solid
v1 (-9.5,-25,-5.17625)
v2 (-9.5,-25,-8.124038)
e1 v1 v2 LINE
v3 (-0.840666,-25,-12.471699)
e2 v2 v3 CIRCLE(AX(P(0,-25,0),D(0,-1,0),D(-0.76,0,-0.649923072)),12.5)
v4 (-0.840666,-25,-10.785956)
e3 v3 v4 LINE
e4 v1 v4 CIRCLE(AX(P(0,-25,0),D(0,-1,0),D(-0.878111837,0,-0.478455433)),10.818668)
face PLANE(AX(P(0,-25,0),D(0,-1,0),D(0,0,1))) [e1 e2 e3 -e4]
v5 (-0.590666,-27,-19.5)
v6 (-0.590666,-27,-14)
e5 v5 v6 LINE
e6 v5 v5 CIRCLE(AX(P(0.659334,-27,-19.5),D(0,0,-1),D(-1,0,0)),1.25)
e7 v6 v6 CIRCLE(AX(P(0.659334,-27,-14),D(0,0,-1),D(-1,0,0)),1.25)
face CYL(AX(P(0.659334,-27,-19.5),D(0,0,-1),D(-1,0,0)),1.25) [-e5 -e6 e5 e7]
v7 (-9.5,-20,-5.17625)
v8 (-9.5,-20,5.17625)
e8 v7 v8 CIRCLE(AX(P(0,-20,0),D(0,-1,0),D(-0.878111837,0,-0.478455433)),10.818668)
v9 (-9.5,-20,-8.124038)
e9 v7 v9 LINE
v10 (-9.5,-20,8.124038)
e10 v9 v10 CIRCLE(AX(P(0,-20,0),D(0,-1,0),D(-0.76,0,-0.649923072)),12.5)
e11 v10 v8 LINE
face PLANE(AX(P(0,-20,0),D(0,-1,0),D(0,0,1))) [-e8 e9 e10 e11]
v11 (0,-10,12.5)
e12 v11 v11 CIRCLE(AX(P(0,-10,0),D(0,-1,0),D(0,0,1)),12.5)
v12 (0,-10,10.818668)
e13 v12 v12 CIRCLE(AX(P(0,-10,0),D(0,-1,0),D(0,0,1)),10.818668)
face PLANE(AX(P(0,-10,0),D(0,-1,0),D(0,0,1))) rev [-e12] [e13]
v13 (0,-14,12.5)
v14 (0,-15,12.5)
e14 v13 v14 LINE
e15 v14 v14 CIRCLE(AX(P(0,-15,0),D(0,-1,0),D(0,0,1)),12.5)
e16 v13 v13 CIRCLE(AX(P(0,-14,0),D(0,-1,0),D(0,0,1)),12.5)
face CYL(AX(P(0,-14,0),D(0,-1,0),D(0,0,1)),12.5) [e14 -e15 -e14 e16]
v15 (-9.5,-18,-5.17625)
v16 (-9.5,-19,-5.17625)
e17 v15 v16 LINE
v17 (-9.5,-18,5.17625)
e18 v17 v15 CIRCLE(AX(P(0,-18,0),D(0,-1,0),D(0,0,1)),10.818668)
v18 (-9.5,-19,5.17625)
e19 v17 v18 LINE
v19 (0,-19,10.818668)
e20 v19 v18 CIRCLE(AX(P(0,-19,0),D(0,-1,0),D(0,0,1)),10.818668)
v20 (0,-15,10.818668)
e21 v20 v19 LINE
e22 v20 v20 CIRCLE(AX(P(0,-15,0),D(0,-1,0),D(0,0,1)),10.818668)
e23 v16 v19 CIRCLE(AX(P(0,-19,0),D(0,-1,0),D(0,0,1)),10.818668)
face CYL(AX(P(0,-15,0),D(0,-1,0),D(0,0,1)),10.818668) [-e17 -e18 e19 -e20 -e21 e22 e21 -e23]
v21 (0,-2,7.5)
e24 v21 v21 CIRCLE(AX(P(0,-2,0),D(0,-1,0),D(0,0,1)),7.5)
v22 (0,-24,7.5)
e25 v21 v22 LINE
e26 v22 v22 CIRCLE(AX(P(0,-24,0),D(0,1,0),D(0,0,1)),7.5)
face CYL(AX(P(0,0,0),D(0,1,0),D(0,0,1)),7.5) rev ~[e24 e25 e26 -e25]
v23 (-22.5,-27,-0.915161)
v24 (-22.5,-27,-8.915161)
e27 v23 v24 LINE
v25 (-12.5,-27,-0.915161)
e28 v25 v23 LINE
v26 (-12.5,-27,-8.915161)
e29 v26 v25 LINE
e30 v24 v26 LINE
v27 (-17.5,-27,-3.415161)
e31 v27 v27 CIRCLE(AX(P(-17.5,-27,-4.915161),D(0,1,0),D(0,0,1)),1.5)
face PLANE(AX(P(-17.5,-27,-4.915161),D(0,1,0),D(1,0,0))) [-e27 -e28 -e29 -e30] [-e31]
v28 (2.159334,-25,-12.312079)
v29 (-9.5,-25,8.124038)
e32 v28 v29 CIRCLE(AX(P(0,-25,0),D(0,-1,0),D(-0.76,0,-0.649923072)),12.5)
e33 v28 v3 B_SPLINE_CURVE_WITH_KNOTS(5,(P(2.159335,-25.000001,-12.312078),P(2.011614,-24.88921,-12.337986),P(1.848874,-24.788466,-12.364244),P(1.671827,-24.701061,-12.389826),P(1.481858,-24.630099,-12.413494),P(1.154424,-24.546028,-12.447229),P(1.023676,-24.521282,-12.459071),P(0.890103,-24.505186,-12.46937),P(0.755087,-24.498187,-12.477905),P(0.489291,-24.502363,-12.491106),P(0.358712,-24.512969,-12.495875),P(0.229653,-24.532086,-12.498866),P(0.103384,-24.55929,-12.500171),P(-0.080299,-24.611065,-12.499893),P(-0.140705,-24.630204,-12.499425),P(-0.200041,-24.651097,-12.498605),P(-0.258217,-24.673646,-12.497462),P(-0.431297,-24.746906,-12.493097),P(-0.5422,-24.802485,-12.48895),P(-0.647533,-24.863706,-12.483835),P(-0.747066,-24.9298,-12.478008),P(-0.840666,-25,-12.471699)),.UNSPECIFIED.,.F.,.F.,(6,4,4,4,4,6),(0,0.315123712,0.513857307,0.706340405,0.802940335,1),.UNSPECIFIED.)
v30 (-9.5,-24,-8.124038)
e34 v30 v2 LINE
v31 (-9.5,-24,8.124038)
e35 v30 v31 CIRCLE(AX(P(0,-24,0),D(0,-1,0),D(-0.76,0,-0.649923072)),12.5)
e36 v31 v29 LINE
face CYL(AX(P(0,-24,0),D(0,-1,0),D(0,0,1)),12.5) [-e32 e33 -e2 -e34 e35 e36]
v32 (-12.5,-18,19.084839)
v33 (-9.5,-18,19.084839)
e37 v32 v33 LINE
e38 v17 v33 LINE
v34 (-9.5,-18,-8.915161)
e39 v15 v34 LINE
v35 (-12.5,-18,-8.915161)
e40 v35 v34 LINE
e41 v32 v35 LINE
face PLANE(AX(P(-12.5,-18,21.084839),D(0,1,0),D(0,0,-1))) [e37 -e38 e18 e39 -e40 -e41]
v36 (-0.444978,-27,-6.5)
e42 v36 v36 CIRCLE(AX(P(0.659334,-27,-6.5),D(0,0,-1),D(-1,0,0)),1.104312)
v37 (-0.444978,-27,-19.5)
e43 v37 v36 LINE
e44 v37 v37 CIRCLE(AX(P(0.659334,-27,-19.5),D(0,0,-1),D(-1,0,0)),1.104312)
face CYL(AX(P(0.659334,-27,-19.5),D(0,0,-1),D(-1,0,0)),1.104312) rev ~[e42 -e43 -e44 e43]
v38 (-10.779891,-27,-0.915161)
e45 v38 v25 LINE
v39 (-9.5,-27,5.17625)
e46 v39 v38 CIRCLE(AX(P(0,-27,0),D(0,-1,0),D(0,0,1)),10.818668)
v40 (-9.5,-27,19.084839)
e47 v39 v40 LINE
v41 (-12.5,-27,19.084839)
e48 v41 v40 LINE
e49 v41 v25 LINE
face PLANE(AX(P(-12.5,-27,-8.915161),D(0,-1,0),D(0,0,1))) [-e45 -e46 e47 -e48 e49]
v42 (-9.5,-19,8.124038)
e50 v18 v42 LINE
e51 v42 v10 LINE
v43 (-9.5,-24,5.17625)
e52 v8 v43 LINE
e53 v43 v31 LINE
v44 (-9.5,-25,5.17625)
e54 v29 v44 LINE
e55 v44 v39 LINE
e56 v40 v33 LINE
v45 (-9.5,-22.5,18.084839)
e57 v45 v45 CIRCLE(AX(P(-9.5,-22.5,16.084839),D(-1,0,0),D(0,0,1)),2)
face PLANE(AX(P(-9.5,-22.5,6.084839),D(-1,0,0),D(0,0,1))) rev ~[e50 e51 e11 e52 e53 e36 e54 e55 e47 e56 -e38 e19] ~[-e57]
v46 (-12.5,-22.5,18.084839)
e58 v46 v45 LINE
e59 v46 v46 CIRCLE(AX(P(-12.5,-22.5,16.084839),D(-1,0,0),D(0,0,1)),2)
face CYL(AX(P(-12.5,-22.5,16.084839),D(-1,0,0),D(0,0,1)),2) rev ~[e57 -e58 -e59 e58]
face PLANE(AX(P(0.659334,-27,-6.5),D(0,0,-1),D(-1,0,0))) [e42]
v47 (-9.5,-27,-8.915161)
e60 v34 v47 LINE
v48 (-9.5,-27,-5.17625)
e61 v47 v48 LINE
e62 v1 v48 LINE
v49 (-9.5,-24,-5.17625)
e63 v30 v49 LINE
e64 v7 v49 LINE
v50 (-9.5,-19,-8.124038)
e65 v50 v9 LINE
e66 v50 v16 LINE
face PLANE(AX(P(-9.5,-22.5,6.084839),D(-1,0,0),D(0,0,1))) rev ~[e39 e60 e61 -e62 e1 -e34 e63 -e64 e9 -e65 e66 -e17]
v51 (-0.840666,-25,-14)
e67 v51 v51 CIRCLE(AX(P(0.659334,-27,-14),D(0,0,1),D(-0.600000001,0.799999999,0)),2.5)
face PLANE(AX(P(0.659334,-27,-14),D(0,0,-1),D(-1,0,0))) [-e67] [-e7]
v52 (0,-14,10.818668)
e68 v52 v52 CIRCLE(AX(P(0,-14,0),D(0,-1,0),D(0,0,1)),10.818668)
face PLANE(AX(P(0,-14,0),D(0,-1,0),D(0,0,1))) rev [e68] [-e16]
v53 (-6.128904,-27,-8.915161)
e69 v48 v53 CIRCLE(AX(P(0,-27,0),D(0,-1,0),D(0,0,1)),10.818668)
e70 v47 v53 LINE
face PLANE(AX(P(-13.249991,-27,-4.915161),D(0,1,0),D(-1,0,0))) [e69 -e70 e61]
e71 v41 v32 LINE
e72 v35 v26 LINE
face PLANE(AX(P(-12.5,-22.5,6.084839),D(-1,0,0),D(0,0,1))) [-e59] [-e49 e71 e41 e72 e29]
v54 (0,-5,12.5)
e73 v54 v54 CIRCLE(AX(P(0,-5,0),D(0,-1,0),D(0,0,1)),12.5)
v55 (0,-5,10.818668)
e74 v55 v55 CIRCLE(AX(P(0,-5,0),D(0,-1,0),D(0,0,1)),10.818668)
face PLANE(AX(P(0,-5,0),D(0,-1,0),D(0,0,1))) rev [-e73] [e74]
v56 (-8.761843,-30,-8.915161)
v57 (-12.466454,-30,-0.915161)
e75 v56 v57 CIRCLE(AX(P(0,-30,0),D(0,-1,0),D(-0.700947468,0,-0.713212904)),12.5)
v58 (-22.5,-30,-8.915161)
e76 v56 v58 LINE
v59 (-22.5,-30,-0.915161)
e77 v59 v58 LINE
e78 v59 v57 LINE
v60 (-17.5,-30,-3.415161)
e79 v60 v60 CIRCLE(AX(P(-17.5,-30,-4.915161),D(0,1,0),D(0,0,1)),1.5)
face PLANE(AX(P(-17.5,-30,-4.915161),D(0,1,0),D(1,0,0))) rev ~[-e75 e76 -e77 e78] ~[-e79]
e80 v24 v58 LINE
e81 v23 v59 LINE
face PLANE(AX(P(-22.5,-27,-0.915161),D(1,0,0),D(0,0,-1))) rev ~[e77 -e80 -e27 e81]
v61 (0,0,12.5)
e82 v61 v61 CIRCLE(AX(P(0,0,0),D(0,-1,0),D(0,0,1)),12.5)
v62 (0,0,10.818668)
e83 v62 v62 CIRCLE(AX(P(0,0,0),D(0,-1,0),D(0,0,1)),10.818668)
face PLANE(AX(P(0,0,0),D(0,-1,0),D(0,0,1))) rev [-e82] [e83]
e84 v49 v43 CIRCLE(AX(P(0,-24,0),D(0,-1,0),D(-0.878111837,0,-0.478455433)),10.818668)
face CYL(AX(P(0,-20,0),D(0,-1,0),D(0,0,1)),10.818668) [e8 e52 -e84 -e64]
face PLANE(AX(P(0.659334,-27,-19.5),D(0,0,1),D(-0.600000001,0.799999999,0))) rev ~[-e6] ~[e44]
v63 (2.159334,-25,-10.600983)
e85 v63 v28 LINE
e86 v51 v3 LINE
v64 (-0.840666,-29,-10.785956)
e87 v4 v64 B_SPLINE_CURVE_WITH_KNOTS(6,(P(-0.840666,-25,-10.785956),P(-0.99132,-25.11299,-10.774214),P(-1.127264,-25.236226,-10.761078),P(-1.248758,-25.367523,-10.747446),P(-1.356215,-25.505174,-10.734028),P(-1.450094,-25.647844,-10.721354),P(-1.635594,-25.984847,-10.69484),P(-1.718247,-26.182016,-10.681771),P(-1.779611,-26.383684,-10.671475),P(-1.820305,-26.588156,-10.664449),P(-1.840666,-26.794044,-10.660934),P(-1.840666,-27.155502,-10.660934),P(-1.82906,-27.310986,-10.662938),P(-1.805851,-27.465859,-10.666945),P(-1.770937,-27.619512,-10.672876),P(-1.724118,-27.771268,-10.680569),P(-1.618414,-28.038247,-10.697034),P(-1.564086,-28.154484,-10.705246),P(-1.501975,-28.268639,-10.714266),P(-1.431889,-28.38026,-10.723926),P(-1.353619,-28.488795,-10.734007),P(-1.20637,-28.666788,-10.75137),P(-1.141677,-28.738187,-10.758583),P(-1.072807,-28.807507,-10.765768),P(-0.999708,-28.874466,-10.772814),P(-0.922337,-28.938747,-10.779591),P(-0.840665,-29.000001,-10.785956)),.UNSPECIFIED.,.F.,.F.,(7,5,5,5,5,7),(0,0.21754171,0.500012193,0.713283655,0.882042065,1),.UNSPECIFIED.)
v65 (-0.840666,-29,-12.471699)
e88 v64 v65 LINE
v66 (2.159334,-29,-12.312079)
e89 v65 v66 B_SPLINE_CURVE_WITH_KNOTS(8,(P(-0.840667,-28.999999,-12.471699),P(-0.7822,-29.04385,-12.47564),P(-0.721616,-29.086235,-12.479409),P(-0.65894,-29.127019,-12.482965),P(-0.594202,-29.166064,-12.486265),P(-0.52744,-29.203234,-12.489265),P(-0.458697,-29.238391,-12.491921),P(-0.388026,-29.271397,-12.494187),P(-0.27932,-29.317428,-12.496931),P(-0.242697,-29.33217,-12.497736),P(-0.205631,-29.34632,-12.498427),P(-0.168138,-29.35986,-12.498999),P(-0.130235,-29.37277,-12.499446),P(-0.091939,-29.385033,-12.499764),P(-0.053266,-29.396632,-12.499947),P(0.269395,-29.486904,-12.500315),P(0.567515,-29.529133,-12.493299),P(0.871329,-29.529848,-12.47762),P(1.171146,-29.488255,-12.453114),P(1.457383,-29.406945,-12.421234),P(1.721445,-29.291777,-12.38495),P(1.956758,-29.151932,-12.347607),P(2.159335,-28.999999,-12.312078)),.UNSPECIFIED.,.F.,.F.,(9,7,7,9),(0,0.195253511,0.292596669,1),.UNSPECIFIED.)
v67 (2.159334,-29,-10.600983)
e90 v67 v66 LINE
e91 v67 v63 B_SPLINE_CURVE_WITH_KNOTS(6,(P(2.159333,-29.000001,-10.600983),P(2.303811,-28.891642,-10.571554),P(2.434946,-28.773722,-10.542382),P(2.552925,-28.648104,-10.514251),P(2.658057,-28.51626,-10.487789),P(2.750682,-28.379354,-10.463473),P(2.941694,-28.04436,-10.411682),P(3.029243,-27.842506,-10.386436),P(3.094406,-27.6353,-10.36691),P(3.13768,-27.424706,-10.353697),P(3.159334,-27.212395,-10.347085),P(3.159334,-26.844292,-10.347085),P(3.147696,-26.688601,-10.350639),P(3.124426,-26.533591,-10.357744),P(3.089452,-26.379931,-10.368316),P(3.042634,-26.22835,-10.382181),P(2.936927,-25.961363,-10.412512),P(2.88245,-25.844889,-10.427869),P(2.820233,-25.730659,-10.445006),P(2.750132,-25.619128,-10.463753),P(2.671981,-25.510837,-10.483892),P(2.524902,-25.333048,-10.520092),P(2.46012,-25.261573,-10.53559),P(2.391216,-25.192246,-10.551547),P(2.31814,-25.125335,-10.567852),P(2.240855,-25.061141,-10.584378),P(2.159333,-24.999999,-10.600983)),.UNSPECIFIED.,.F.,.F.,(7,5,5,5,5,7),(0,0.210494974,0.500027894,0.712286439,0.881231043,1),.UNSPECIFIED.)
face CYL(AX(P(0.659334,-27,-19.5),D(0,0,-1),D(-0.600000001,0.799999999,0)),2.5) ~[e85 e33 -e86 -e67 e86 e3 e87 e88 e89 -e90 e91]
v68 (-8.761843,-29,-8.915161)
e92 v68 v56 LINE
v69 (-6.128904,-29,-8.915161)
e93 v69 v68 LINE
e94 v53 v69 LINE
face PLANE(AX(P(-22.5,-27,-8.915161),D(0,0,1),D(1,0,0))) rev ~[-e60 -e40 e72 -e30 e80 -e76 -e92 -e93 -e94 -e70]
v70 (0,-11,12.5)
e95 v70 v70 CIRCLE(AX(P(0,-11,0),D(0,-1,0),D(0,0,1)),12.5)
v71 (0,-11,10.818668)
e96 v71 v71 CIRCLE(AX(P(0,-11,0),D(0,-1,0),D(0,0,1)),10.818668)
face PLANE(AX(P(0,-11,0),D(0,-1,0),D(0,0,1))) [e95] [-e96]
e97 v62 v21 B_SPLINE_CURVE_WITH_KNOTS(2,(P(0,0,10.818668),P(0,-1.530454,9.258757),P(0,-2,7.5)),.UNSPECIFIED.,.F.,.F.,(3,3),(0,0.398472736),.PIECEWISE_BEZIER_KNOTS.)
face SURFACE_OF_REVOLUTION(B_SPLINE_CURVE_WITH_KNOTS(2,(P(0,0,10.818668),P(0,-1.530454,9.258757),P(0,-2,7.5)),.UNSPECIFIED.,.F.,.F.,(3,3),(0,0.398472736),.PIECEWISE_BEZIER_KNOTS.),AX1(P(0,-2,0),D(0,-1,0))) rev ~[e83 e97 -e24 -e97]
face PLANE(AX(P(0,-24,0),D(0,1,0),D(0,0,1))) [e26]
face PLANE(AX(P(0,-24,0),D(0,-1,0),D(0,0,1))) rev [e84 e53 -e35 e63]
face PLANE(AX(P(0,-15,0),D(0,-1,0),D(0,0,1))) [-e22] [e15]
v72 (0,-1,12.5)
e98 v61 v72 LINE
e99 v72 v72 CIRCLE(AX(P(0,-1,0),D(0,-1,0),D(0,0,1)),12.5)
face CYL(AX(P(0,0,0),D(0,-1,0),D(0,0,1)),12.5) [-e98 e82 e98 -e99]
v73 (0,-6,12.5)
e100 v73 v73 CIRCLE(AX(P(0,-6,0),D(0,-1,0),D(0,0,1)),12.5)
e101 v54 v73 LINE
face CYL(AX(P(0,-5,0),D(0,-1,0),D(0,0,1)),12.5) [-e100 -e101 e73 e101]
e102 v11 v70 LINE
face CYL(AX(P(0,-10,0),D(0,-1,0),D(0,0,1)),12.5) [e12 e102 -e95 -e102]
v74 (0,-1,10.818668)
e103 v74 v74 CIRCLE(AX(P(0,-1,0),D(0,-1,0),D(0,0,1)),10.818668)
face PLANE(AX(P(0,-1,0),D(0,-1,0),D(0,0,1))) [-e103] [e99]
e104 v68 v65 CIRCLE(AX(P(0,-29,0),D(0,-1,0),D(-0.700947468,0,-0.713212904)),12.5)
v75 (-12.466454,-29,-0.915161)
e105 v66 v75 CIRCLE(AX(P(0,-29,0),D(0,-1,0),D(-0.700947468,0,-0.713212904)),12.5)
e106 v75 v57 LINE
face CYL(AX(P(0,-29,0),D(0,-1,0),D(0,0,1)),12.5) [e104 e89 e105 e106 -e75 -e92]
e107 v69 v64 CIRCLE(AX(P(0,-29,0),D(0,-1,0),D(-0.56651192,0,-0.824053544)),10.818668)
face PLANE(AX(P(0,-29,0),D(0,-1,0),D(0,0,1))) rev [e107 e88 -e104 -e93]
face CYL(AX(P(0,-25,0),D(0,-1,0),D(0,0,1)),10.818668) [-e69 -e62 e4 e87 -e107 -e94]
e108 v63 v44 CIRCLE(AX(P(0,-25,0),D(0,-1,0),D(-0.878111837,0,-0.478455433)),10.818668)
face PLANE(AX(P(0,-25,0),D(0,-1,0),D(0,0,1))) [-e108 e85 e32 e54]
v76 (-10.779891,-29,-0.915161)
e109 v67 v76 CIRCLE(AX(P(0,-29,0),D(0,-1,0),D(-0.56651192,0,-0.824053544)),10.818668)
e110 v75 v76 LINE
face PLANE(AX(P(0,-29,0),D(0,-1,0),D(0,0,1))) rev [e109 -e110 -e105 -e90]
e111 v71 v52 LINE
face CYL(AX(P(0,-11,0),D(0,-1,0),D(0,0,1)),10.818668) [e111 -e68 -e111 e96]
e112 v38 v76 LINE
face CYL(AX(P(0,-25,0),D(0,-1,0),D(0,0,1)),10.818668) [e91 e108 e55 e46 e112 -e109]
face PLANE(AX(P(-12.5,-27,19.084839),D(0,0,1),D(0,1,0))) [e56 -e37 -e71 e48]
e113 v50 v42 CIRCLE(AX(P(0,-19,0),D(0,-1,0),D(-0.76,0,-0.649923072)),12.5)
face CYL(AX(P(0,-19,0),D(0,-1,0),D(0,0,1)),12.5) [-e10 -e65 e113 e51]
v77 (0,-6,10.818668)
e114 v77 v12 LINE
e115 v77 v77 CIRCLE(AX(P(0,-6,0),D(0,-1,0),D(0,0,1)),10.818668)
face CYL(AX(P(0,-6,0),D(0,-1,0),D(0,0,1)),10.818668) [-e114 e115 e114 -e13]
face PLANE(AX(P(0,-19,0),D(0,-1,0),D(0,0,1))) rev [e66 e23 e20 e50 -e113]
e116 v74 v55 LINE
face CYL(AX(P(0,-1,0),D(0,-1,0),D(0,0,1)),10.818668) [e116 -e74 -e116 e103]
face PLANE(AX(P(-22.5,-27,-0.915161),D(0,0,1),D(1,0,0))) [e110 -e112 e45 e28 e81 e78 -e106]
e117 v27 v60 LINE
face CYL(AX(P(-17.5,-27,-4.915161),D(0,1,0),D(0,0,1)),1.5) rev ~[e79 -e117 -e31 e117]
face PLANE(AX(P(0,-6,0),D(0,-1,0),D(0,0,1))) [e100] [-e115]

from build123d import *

# Parameters (mm, degrees)
CROQUIS2_R              = 7.5
CORTAR_EXTRUIR1_DEPTH   = 24
SALIENTE_EXTRUIR1_DEPTH = 3
SALIENTE_EXTRUIR2_DEPTH = 3
CROQUIS7_R              = 1.5
CORTAR_EXTRUIR3_DEPTH   = 13
CROQUIS8_R              = 1.5
CORTAR_EXTRUIR4_DEPTH   = 13
CROQUIS9_R              = 2.5
SALIENTE_EXTRUIR3_DEPTH = 13
CROQUIS10_R             = 1.104312036
CORTAR_EXTRUIR5_DEPTH   = 13
CROQUIS13_R             = 2.5
CROQUIS13_R_2           = 1.25
CORTAR_EXTRUIR6_DEPTH   = 5.5
CROQUIS15_W             = 10
CROQUIS15_H             = 8
SALIENTE_EXTRUIR4_DEPTH = 3
CROQUIS16_R             = 1.5
CORTAR_EXTRUIR7_DEPTH   = 30
CROQUIS17_R             = 1.5
SALIENTE_EXTRUIR5_DEPTH = 3
CROQUIS18_W             = 2
CROQUIS18_H             = 9
CORTAR_EXTRUIR11_DEPTH  = 3
CROQUIS19_R             = 2
CORTAR_EXTRUIR12_DEPTH  = 33


with BuildPart() as part:
    # Croquis1 → Revolución1 (revolve)
    with BuildSketch(Plane.XY, mode=Mode.PRIVATE) as revoluci_n1_sk:
        with BuildLine():
            Line((-10.818667505, 0), (-12.5, 0))
            Line((-12.5, 0), (-12.5, -1))
            Line((-12.5, -1), (-10.818667505, -1))
            Line((-10.818667505, -1), (-10.818667505, -5))
            Line((-10.818667505, -5), (-12.5, -5))
            Line((-12.5, -5), (-12.5, -6))
            Line((-12.5, -6), (-10.818667505, -6))
            Line((-10.818667505, -6), (-10.818667505, -10))
            Line((-10.818667505, -10), (-12.5, -10))
            Line((-12.5, -10), (-12.5, -11))
            Line((-12.5, -11), (-10.818667505, -11))
            Line((-10.818667505, -11), (-10.818667505, -14))
            Line((-10.818667505, -14), (-12.5, -14))
            Line((-12.5, -14), (-12.5, -15))
            Line((-12.5, -15), (-10.818667505, -15))
            Line((-10.818667505, -15), (-10.818667505, -19))
            Line((-10.818667505, -19), (-12.5, -19))
            Line((-12.5, -19), (-12.5, -20))
            Line((-12.5, -20), (-10.818667505, -20))
            Line((-10.818667505, -20), (-10.818667505, -24))
            Line((-10.818667505, -24), (-12.5, -24))
            Line((-12.5, -24), (-12.5, -25))
            Line((-12.5, -25), (-10.818667505, -25))
            Line((-10.818667505, -25), (-10.818667505, -29))
            Line((-10.818667505, -29), (-12.5, -29))
            Line((-12.5, -29), (-12.5, -30))
            Line((-12.5, -30), (0, -30))
            Line((0, -30), (0, -2))
            Line((0, -2), (-7.5, -2))
            add(Edge.make_bspline(
                [(-10.818667505, 0), (-9.258756579, -1.530453888), (-7.5, -2)],
                knots=[0, 0, 0, 0.398472736, 0.398472736, 0.398472736], degree=2))
        make_face()
    revolve(revoluci_n1_sk.sketch.rotate(Axis((0, -2, 0), (0, -1, 0)), 270), axis=Axis((0, -2, 0), (0, -1, 0)))

    # Croquis2 → Cortar-Extruir1 (cut)
    with BuildSketch(Plane(origin=(0, 0, 0), x_dir=(1, 0, 0), z_dir=(0, 1, 0))):
        with Locations(Location((0, 0, 0), (0, 0, 270))):
            Circle(CROQUIS2_R)
    extrude(amount=-CORTAR_EXTRUIR1_DEPTH, mode=Mode.SUBTRACT)

    # Croquis4 → Saliente-Extruir1 (add)
    with BuildSketch(Plane.ZY.offset(12.5)):
        Polygon((-8.915161304, -27), (10.818667505, -27), (21.084838696, -27), (21.084838696, -18), (-8.915161304, -18), align=None)
    extrude(amount=-SALIENTE_EXTRUIR1_DEPTH)

    # Croquis6 → Saliente-Extruir2 (add)
    with BuildSketch(Plane.XZ.offset(30)):
        Polygon((-12.5, -8.915161304), (-21.5, -8.915161304), (-21.5, -0.915161304), (-12.5, -0.915161304), (-4.999981801, -0.915161304), (-4.999981801, -8.915161304), align=None)
    extrude(amount=-SALIENTE_EXTRUIR2_DEPTH)

    # Croquis7 → Cortar-Extruir3 (cut)
    with BuildSketch(Plane.XZ.offset(30)):
        with Locations(Location((-18, -4.915161304, 0), (0, 0, 270))):
            Circle(CROQUIS7_R)
    extrude(amount=-CORTAR_EXTRUIR3_DEPTH, mode=Mode.SUBTRACT)

    # Croquis8 → Cortar-Extruir4 (cut)
    with BuildSketch(Plane.ZY.offset(12.5)):
        with Locations((17.584838696, -22.5)):
            Circle(CROQUIS8_R)
    extrude(amount=-CORTAR_EXTRUIR4_DEPTH, mode=Mode.SUBTRACT)

    # Croquis9 → Saliente-Extruir3 (add)
    with BuildSketch(Plane.XY.offset(-19.5)):
        with Locations(Location((0.659333752, -27, 0), (0, 0, 126.869897752))):
            Circle(CROQUIS9_R)
    extrude(amount=SALIENTE_EXTRUIR3_DEPTH)

    # Croquis10 → Cortar-Extruir5 (cut)
    with BuildSketch(Plane(origin=(0, 0, -19.5), x_dir=(-1, 0, 0), z_dir=(0, 0, -1))):
        with Locations((-0.659333752, -27)):
            Circle(CROQUIS10_R)
    extrude(amount=-CORTAR_EXTRUIR5_DEPTH, mode=Mode.SUBTRACT)

    # Croquis13 → Cortar-Extruir6 (cut)
    with BuildSketch(Plane(origin=(0, 0, -19.5), x_dir=(-1, 0, 0), z_dir=(0, 0, -1))):
        with Locations((-0.659333752, -27)):
            Circle(CROQUIS13_R)
        with Locations((-0.659333752, -27)):
            Circle(CROQUIS13_R_2, mode=Mode.SUBTRACT)
    extrude(amount=-CORTAR_EXTRUIR6_DEPTH, mode=Mode.SUBTRACT)

    # Croquis15 → Saliente-Extruir4 (add)
    with BuildSketch(Plane(origin=(0, -27, 0), x_dir=(1, 0, 0), z_dir=(0, 1, 0))):
        with Locations((-17.5, 4.915161304)):
            Rectangle(CROQUIS15_W, CROQUIS15_H)
    extrude(amount=-SALIENTE_EXTRUIR4_DEPTH)

    # Croquis16 → Cortar-Extruir7 (cut)
    with BuildSketch(Plane(origin=(0, -27, 0), x_dir=(1, 0, 0), z_dir=(0, 1, 0))):
        with Locations(Location((-17.5, 4.915161304, 0), (0, 0, 270))):
            Circle(CROQUIS16_R)
    extrude(amount=-CORTAR_EXTRUIR7_DEPTH, mode=Mode.SUBTRACT)

    # Croquis17 → Saliente-Extruir5 (add)
    with BuildSketch(Plane.ZY.offset(12.5)):
        Polygon((19.084838696, -18), (-8.915161304, -18), (-8.915161304, -27), (-0.915161304, -27), (19.084838696, -27), (19.084838696, -22.5), align=None)
        with Locations((17.584838696, -22.5)):
            Circle(CROQUIS17_R, mode=Mode.SUBTRACT)
        with Locations((17.584838696, -22.5)):
            Circle(CROQUIS17_R)
    extrude(amount=-SALIENTE_EXTRUIR5_DEPTH)

    # Croquis18 → Cortar-Extruir11 (cut)
    with BuildSketch(Plane.ZY.offset(12.5)):
        with Locations((20.084838696, -22.5)):
            Rectangle(CROQUIS18_W, CROQUIS18_H)
    extrude(amount=-CORTAR_EXTRUIR11_DEPTH, mode=Mode.SUBTRACT)

    # Croquis19 → Cortar-Extruir12 (cut)
    with BuildSketch(Plane.ZY.offset(12.5)):
        with Locations((16.084838696, -22.5)):
            Circle(CROQUIS19_R)
    extrude(amount=-CORTAR_EXTRUIR12_DEPTH, mode=Mode.SUBTRACT)


solid = part.part
